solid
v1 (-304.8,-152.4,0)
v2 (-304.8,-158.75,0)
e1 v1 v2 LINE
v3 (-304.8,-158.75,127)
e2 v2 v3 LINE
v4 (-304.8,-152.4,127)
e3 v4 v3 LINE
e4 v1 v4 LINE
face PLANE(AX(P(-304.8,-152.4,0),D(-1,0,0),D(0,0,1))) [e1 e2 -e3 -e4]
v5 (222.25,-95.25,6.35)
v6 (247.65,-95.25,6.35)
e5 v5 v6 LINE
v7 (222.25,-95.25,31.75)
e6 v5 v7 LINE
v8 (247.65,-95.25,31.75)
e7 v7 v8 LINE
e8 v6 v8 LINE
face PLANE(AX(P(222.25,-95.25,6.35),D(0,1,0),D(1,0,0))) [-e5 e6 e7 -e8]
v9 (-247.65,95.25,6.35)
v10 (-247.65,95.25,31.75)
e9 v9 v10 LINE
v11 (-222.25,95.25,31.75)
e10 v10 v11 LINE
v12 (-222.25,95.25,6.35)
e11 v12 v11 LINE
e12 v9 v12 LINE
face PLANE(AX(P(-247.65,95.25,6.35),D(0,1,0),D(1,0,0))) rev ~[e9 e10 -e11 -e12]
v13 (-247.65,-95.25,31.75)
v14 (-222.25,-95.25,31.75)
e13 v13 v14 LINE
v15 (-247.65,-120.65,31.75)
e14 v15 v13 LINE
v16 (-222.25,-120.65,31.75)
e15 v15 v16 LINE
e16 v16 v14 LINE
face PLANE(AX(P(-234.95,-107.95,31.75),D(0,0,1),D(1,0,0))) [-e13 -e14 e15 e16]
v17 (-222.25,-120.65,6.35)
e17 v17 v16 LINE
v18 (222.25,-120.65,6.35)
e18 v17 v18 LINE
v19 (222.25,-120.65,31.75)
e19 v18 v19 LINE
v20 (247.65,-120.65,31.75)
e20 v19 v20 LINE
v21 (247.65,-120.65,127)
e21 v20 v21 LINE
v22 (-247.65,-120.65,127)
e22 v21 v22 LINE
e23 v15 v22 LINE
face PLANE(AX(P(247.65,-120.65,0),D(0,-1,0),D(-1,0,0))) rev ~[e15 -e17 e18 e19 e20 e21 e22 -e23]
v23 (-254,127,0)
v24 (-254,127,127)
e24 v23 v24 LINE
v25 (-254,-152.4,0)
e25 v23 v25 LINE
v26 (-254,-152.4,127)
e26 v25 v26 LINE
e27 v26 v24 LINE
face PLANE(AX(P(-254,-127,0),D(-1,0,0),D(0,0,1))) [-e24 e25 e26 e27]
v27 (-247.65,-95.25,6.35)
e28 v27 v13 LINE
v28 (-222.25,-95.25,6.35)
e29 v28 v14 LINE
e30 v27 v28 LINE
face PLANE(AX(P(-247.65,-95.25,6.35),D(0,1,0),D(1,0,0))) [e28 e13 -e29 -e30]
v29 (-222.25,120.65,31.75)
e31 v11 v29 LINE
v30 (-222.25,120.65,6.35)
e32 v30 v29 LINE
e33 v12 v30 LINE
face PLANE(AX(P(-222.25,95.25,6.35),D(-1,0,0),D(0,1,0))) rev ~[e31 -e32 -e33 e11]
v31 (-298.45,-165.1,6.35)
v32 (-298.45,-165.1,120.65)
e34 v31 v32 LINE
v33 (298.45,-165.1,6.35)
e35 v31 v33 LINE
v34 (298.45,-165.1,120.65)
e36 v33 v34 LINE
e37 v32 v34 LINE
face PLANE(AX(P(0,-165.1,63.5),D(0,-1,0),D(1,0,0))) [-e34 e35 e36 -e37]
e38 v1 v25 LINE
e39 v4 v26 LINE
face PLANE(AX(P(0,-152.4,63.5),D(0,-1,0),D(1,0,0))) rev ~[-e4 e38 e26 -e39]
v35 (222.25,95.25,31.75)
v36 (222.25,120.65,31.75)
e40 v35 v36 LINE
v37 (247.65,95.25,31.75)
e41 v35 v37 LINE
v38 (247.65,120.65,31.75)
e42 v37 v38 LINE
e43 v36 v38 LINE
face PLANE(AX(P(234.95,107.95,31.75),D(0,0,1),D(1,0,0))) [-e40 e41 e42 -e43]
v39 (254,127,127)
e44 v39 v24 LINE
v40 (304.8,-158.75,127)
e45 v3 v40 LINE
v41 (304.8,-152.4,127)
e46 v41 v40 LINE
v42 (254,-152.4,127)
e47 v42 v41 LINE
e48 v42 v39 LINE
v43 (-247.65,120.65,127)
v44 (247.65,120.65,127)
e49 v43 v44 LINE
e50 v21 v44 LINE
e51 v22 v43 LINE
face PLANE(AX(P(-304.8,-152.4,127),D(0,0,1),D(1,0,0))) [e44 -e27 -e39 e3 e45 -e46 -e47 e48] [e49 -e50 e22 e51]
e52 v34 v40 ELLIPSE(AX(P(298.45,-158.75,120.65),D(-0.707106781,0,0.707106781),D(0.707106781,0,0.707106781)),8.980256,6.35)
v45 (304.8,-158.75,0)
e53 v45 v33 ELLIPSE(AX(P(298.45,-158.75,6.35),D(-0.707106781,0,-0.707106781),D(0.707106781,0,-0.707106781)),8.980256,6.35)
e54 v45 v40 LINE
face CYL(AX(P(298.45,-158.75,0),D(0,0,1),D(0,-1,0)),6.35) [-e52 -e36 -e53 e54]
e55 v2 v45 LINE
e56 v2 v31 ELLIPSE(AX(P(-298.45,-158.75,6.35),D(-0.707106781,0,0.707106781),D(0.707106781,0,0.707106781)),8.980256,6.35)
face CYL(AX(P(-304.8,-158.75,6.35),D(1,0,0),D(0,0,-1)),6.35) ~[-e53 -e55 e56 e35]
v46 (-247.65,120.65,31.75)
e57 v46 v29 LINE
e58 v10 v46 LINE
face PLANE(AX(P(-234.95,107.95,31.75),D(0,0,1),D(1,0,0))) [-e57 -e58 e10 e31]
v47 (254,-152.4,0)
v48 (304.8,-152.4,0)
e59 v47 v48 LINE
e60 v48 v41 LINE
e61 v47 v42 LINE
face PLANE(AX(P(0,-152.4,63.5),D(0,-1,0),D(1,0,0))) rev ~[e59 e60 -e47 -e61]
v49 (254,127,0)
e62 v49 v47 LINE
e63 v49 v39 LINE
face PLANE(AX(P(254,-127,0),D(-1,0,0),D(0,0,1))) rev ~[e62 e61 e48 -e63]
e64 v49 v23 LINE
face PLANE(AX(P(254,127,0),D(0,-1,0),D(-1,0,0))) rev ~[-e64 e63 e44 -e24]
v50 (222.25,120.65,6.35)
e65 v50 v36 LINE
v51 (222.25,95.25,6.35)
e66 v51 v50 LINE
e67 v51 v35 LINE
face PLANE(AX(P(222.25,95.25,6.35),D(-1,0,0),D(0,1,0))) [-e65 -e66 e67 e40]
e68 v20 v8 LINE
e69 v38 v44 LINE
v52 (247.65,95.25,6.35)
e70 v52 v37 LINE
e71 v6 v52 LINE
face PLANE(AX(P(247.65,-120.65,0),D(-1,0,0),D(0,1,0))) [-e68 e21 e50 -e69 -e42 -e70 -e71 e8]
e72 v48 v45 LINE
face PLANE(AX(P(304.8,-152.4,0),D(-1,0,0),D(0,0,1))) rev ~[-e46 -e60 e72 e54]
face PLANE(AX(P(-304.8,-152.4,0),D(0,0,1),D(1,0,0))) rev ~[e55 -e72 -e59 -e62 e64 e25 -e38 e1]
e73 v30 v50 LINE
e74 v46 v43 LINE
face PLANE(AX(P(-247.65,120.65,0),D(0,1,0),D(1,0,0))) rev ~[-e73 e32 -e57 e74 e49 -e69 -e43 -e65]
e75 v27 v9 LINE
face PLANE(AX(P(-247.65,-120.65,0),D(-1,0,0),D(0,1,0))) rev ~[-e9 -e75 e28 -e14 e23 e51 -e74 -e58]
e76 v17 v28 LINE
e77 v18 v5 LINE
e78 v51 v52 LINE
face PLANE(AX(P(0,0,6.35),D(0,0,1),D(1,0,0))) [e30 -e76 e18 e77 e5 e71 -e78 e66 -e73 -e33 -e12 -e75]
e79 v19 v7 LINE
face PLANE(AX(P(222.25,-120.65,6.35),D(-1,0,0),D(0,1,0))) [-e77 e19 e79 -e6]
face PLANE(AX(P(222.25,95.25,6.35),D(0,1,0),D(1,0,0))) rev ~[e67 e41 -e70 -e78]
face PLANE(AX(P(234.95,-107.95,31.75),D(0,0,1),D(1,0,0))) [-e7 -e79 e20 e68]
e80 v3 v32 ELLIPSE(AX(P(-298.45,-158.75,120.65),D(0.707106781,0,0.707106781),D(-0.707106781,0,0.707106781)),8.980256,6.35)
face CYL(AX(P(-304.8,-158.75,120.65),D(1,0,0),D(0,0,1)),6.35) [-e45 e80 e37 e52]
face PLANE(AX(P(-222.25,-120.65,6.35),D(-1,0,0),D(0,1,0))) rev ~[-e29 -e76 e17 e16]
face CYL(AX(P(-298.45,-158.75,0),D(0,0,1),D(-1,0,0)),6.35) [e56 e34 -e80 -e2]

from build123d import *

# Parameters (mm, degrees)
F0_W     = 6.35
F0_H     = 6.35
F0_W_2   = 495.3
F0_H_2   = 241.3
F1_DEPTH = 127
F2_DEPTH = 6.35
F3_W     = 25.4
F3_H     = 25.4
F4_DEPTH = 25.4
F5_W     = 508
F5_H     = 127
F6_DEPTH = 25.4
F7_W     = 609.6
F7_H     = 127
F8_DEPTH = 12.7
F9_R     = 6.35


with BuildPart() as f1:
    # F0 (on Top) → F1 (new body)
    with BuildSketch(Plane.XY):
        with Locations((-250.825, 123.825)):
            Rectangle(F0_W, F0_H)
        with Locations((-250.825, -123.825)):
            Rectangle(F0_W, F0_H)
        with Locations((250.825, -123.825)):
            Rectangle(F0_W, F0_H)
        with Locations((250.825, 123.825)):
            Rectangle(F0_W, F0_H)
        with Locations((0, 123.825)):
            Rectangle(F0_W_2, F0_H)
        with Locations((0, -123.825)):
            Rectangle(F0_W_2, F0_H)
        with Locations((250.825, 0)):
            Rectangle(F0_W, F0_H_2)
        with Locations((-250.825, 0)):
            Rectangle(F0_W, F0_H_2)
    extrude(amount=F1_DEPTH)

    # F0 (on Top) → F2 (join)
    with BuildSketch(Plane.XY):
        Rectangle(F0_W_2, F0_H_2)
    extrude(amount=F2_DEPTH)

    # F3 (on face) → F4 (join)
    with BuildSketch(Plane.XY.offset(6.35)):
        with Locations((-234.95, -107.95)):
            Rectangle(F3_W, F3_H)
        with Locations((-234.95, 107.95)):
            Rectangle(F3_W, F3_H)
        with Locations((234.95, 107.95)):
            Rectangle(F3_W, F3_H)
        with Locations((234.95, -107.95)):
            Rectangle(F3_W, F3_H)
    extrude(amount=F4_DEPTH)

    # F5 (on face) → F6 (join)
    with BuildSketch(Plane.XZ.offset(127)):
        with Locations((0, 63.5)):
            Rectangle(F5_W, F5_H)
    extrude(amount=F6_DEPTH)

    # F7 (on face) → F8 (join)
    with BuildSketch(Plane.XZ.offset(152.4)):
        with Locations((0, 63.5)):
            Rectangle(F7_W, F7_H)
    extrude(amount=F8_DEPTH)

    # F9
    f9_edges = [f1.edges().sort_by_distance(p)[0] for p in [
        (-304.8, -165.1, 63.5),
        (0, -165.1, 0),
        (304.8, -165.1, 63.5),
        (0, -165.1, 127),
    ]]
    fillet(f9_edges, radius=F9_R)


solid = f1.part
